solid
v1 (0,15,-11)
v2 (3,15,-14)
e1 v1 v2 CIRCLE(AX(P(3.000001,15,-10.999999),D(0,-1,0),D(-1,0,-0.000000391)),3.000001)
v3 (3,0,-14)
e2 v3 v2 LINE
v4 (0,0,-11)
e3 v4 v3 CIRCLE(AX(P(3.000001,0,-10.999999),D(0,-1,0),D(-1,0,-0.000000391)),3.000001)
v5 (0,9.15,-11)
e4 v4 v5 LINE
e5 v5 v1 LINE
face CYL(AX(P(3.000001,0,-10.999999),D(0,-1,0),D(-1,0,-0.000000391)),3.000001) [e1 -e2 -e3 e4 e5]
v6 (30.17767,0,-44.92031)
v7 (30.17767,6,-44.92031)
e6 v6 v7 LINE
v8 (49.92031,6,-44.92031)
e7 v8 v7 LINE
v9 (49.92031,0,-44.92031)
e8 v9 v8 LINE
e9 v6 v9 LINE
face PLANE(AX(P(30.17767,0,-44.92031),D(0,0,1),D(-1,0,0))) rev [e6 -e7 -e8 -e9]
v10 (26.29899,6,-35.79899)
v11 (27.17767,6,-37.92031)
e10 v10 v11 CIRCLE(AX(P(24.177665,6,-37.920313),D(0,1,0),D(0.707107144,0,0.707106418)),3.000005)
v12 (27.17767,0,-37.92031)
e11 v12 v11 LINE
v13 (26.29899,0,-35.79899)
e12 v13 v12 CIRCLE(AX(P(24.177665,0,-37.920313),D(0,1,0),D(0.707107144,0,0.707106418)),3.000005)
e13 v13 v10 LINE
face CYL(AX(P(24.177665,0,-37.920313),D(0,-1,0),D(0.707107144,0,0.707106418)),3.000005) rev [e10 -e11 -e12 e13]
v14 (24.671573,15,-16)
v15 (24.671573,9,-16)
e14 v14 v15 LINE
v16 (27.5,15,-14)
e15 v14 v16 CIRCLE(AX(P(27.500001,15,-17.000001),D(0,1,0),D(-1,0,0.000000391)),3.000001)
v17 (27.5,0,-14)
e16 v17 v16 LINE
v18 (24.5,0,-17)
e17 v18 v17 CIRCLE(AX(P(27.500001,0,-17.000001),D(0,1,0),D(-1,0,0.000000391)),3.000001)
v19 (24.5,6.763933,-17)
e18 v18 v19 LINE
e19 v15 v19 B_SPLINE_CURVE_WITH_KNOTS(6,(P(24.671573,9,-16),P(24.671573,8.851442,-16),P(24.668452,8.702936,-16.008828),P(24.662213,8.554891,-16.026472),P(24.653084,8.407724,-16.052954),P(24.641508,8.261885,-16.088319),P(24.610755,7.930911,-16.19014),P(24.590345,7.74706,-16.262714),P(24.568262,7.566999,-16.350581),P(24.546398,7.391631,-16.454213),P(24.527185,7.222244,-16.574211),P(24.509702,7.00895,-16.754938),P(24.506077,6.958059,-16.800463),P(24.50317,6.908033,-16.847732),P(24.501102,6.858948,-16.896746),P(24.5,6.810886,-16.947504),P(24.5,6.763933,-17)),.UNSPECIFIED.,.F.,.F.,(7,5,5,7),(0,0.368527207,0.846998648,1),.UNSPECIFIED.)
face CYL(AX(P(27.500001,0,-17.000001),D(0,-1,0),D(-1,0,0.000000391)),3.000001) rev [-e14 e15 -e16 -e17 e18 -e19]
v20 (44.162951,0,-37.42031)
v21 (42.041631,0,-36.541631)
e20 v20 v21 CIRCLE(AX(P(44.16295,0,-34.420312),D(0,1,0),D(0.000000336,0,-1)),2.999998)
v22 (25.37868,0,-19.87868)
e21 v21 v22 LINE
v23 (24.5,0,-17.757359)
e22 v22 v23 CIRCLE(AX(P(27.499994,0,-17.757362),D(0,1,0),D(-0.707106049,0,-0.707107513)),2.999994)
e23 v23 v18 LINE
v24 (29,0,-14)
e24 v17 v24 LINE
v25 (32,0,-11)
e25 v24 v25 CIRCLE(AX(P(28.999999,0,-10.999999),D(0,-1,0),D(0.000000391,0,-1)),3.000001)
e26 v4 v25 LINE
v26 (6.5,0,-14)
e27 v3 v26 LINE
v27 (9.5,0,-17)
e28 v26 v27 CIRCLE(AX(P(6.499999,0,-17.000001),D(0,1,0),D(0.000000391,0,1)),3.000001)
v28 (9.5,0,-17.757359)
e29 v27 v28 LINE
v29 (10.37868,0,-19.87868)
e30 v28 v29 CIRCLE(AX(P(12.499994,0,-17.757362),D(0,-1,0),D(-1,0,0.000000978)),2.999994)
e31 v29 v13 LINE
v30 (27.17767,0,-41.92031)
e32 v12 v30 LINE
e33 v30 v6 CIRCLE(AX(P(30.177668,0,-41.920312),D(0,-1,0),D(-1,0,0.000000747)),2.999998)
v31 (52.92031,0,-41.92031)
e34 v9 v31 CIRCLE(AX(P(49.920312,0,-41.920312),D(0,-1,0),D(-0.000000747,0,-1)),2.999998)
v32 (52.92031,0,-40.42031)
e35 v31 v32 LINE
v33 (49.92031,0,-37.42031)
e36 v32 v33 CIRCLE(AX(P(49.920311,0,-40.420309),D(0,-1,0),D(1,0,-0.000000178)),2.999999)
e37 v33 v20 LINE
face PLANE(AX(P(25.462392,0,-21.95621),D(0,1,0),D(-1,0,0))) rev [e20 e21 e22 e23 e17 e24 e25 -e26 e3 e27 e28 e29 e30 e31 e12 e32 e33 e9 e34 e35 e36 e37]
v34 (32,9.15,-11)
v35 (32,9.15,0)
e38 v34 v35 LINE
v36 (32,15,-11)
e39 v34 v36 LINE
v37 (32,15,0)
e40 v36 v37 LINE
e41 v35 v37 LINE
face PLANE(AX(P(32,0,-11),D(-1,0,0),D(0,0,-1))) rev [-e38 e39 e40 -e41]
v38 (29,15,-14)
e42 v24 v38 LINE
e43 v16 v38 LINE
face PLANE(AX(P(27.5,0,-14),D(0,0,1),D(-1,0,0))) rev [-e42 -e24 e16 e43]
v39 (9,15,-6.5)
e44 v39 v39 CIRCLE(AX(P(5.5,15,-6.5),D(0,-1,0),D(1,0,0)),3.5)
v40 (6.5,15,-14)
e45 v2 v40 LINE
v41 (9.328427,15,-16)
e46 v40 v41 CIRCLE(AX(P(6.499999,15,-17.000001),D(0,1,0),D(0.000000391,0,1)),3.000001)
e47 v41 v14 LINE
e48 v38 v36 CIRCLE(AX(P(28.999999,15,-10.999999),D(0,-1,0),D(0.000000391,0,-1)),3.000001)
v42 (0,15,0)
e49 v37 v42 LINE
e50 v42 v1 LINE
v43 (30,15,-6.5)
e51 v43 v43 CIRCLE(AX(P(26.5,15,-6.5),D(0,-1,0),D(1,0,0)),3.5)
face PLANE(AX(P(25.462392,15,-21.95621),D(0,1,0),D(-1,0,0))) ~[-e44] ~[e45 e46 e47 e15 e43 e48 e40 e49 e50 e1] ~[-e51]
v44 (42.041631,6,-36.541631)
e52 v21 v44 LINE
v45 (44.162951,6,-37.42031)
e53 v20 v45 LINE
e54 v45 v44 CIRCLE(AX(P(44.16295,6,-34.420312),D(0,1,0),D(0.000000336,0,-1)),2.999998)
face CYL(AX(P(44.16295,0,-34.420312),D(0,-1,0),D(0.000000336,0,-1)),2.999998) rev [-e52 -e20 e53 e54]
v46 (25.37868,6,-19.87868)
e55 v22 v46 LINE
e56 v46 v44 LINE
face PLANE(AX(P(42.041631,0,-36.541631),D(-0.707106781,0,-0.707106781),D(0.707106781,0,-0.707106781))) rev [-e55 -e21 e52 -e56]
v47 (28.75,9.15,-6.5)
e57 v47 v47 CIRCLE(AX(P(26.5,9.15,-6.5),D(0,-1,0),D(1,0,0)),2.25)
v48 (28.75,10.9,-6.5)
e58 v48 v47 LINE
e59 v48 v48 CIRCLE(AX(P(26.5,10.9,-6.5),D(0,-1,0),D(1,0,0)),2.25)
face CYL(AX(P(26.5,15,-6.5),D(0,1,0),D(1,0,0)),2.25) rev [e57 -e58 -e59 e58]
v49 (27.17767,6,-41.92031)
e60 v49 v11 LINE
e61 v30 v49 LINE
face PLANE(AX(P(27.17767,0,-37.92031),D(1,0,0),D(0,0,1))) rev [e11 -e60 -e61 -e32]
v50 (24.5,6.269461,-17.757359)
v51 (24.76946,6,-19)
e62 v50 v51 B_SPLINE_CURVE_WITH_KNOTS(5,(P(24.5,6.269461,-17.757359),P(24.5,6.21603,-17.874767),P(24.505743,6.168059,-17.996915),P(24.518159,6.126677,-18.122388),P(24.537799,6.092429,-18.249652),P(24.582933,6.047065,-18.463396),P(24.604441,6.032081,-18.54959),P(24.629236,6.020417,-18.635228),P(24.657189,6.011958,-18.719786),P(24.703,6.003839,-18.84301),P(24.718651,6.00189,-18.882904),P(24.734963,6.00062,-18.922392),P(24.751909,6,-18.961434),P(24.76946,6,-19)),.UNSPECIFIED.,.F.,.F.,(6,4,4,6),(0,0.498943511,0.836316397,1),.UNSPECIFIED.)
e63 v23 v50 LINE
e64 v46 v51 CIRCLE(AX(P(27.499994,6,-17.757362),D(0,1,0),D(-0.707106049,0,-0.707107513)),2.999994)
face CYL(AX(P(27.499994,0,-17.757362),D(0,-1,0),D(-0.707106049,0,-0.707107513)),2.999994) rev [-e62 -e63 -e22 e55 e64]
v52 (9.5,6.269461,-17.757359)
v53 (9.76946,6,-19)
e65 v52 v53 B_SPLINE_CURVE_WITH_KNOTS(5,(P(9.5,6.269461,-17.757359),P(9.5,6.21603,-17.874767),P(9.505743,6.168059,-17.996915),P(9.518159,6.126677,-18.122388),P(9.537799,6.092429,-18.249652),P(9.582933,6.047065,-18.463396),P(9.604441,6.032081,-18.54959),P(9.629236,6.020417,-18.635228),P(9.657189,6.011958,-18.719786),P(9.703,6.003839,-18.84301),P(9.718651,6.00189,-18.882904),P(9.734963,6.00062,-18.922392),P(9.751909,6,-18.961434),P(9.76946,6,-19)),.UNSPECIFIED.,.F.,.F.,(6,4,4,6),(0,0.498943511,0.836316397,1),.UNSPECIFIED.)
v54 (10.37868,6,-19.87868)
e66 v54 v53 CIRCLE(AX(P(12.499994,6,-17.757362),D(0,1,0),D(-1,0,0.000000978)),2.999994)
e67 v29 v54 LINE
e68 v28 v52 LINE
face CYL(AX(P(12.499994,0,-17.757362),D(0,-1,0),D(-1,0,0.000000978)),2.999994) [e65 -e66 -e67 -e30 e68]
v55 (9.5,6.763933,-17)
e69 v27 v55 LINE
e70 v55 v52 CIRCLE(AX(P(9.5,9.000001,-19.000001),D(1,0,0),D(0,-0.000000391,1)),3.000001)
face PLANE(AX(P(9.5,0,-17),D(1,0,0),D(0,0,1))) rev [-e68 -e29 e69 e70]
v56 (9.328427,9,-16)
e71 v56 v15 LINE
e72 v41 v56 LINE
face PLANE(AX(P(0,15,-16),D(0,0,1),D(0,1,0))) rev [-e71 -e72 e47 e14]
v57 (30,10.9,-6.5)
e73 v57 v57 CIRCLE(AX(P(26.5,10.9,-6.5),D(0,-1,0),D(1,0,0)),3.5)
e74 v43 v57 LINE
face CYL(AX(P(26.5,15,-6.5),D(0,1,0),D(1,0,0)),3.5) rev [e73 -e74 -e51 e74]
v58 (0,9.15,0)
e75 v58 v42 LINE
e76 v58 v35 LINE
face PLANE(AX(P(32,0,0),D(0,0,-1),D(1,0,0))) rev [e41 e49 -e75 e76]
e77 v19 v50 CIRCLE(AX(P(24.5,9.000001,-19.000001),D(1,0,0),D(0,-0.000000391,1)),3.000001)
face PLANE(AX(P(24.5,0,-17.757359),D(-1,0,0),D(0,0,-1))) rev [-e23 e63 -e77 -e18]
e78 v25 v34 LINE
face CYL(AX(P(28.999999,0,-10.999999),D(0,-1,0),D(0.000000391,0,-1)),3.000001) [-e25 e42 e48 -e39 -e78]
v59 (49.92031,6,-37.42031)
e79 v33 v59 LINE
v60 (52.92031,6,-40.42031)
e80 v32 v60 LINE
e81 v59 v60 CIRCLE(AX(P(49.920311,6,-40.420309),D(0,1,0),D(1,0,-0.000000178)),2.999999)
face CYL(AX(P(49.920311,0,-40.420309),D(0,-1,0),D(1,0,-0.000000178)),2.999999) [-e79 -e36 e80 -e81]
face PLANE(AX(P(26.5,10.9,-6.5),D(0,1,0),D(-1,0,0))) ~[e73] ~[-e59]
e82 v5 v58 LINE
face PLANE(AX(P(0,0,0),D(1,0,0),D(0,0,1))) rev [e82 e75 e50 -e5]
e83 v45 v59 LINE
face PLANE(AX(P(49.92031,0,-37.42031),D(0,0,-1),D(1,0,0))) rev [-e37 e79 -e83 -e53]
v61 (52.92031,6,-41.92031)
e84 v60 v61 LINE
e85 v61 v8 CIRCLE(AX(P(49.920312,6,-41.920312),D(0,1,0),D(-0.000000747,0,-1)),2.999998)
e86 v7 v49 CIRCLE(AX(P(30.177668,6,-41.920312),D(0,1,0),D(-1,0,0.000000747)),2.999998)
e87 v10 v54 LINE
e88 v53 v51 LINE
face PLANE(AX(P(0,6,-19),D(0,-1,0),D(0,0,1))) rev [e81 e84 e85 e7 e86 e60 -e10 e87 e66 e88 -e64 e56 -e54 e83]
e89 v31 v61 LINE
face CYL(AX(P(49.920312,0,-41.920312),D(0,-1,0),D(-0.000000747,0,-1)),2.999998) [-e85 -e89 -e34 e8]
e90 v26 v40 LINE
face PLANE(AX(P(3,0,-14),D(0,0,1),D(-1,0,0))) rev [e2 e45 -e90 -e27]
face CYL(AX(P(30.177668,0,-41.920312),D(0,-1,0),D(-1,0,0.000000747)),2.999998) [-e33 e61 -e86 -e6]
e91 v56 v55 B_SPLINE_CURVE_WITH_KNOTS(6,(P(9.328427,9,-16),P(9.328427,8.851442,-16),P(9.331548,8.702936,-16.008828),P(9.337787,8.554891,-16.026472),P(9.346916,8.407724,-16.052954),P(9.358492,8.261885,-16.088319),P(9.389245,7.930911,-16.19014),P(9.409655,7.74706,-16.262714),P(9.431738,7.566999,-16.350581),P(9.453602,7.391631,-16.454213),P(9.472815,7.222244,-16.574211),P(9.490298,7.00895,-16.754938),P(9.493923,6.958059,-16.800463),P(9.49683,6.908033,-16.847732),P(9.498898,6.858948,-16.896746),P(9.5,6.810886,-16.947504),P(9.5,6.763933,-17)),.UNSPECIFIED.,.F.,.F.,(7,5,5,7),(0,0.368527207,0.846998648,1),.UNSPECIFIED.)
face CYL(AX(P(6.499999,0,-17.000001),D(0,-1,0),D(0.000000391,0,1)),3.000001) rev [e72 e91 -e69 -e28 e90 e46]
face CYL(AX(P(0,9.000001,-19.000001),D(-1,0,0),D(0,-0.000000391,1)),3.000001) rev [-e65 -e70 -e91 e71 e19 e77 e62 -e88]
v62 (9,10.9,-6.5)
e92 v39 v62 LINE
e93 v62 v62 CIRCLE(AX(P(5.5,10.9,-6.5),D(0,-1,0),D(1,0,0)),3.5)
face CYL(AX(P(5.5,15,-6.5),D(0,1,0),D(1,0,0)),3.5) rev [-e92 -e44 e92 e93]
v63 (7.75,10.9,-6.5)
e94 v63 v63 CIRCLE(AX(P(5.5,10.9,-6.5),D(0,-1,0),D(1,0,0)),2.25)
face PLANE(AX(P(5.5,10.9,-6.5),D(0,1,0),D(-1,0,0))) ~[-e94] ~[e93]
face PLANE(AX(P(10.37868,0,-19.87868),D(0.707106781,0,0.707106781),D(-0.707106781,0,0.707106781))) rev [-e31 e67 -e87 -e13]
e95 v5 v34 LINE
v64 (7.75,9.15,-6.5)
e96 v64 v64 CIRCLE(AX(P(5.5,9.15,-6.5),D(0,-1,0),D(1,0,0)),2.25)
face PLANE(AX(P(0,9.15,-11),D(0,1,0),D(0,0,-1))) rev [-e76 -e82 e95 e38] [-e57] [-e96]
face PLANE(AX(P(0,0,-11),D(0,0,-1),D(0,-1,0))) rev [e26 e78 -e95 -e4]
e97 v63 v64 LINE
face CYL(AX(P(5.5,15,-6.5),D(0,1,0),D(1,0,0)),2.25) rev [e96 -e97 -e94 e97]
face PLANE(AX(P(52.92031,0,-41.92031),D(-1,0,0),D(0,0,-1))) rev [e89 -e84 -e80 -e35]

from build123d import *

# Parameters (mm, degrees)
F1_DEPTH = 15
F2_R     = 3.5
F3_DEPTH = 4.1
F4_R     = 2.25
F5_DEPTH = 25
F6_W     = 9.15
F6_H     = 11
F7_DEPTH = 52.92131


with BuildPart() as f1:
    # F0 (on Front) → F1 (new body)
    with BuildSketch(Plane.XZ):
        with BuildLine():
            Line((32, 0), (0, 0))
            Line((0, 0), (0, -11))
            ThreePointArc((0, -11), (0.87868, -13.12132), (3, -14))
            Line((3, -14), (6.5, -14))
            ThreePointArc((6.5, -14), (8.62132, -14.87868), (9.5, -17))
            Line((9.5, -17), (9.5, -17.757359))
            ThreePointArc((9.5, -17.757359), (9.728361, -18.90541), (10.37868, -19.87868))
            Line((10.37868, -19.87868), (26.29899, -35.79899))
            ThreePointArc((26.29899, -35.79899), (26.949308, -36.77226), (27.17767, -37.92031))
            Line((27.17767, -37.92031), (27.17767, -41.92031))
            ThreePointArc((27.17767, -41.92031), (28.056349, -44.041631), (30.17767, -44.92031))
            Line((30.17767, -44.92031), (49.92031, -44.92031))
            ThreePointArc((49.92031, -44.92031), (52.041631, -44.041631), (52.92031, -41.92031))
            Line((52.92031, -41.92031), (52.92031, -40.42031))
            ThreePointArc((52.92031, -40.42031), (52.041631, -38.29899), (49.92031, -37.42031))
            Line((49.92031, -37.42031), (44.162951, -37.42031))
            ThreePointArc((44.162951, -37.42031), (43.014901, -37.191949), (42.041631, -36.541631))
            Line((42.041631, -36.541631), (25.37868, -19.87868))
            ThreePointArc((25.37868, -19.87868), (24.728361, -18.90541), (24.5, -17.757359))
            Line((24.5, -17.757359), (24.5, -17))
            ThreePointArc((24.5, -17), (25.37868, -14.87868), (27.5, -14))
            Line((27.5, -14), (29, -14))
            ThreePointArc((29, -14), (31.12132, -13.12132), (32, -11))
            Line((32, -11), (32, 0))
        make_face()
    extrude(amount=F1_DEPTH)

    # F2 (on face) → F3 (cut)
    with BuildSketch(Plane.XZ.offset(15)):
        with Locations((26.5, -6.5)):
            Circle(F2_R)
        with Locations((5.5, -6.5)):
            Circle(F2_R)
    extrude(amount=-F3_DEPTH, mode=Mode.SUBTRACT)

    # F4 (on face) → F5 (cut)
    with BuildSketch(Plane.XZ.offset(15)):
        with Locations((5.5, -6.5)):
            Circle(F4_R)
        with Locations((26.5, -6.5)):
            Circle(F4_R)
    extrude(amount=-F5_DEPTH, mode=Mode.SUBTRACT)

    # F6 (on face) → F7 (cut, through all)
    with BuildSketch(Plane(origin=(0, 0, 0), x_dir=(0, -1, 0), z_dir=(-1, 0, 0))):
        with Locations((4.575, -5.5)):
            Rectangle(F6_W, F6_H)
        with BuildLine():
            ThreePointArc((6, -45), (6.87868, -47.12132), (9, -48))
            Line((9, -48), (15, -48))
            Line((15, -48), (15, -16))
            Line((15, -16), (9, -16))
            ThreePointArc((9, -16), (6.87868, -16.87868), (6, -19))
            Line((6, -19), (6, -45))
        make_face()
    extrude(amount=-F7_DEPTH, mode=Mode.SUBTRACT)


with BuildPart() as f8_1:
    # F8: instance of F1
    add(f1.part.mirror(Plane.XZ))


solid = f8_1.part
